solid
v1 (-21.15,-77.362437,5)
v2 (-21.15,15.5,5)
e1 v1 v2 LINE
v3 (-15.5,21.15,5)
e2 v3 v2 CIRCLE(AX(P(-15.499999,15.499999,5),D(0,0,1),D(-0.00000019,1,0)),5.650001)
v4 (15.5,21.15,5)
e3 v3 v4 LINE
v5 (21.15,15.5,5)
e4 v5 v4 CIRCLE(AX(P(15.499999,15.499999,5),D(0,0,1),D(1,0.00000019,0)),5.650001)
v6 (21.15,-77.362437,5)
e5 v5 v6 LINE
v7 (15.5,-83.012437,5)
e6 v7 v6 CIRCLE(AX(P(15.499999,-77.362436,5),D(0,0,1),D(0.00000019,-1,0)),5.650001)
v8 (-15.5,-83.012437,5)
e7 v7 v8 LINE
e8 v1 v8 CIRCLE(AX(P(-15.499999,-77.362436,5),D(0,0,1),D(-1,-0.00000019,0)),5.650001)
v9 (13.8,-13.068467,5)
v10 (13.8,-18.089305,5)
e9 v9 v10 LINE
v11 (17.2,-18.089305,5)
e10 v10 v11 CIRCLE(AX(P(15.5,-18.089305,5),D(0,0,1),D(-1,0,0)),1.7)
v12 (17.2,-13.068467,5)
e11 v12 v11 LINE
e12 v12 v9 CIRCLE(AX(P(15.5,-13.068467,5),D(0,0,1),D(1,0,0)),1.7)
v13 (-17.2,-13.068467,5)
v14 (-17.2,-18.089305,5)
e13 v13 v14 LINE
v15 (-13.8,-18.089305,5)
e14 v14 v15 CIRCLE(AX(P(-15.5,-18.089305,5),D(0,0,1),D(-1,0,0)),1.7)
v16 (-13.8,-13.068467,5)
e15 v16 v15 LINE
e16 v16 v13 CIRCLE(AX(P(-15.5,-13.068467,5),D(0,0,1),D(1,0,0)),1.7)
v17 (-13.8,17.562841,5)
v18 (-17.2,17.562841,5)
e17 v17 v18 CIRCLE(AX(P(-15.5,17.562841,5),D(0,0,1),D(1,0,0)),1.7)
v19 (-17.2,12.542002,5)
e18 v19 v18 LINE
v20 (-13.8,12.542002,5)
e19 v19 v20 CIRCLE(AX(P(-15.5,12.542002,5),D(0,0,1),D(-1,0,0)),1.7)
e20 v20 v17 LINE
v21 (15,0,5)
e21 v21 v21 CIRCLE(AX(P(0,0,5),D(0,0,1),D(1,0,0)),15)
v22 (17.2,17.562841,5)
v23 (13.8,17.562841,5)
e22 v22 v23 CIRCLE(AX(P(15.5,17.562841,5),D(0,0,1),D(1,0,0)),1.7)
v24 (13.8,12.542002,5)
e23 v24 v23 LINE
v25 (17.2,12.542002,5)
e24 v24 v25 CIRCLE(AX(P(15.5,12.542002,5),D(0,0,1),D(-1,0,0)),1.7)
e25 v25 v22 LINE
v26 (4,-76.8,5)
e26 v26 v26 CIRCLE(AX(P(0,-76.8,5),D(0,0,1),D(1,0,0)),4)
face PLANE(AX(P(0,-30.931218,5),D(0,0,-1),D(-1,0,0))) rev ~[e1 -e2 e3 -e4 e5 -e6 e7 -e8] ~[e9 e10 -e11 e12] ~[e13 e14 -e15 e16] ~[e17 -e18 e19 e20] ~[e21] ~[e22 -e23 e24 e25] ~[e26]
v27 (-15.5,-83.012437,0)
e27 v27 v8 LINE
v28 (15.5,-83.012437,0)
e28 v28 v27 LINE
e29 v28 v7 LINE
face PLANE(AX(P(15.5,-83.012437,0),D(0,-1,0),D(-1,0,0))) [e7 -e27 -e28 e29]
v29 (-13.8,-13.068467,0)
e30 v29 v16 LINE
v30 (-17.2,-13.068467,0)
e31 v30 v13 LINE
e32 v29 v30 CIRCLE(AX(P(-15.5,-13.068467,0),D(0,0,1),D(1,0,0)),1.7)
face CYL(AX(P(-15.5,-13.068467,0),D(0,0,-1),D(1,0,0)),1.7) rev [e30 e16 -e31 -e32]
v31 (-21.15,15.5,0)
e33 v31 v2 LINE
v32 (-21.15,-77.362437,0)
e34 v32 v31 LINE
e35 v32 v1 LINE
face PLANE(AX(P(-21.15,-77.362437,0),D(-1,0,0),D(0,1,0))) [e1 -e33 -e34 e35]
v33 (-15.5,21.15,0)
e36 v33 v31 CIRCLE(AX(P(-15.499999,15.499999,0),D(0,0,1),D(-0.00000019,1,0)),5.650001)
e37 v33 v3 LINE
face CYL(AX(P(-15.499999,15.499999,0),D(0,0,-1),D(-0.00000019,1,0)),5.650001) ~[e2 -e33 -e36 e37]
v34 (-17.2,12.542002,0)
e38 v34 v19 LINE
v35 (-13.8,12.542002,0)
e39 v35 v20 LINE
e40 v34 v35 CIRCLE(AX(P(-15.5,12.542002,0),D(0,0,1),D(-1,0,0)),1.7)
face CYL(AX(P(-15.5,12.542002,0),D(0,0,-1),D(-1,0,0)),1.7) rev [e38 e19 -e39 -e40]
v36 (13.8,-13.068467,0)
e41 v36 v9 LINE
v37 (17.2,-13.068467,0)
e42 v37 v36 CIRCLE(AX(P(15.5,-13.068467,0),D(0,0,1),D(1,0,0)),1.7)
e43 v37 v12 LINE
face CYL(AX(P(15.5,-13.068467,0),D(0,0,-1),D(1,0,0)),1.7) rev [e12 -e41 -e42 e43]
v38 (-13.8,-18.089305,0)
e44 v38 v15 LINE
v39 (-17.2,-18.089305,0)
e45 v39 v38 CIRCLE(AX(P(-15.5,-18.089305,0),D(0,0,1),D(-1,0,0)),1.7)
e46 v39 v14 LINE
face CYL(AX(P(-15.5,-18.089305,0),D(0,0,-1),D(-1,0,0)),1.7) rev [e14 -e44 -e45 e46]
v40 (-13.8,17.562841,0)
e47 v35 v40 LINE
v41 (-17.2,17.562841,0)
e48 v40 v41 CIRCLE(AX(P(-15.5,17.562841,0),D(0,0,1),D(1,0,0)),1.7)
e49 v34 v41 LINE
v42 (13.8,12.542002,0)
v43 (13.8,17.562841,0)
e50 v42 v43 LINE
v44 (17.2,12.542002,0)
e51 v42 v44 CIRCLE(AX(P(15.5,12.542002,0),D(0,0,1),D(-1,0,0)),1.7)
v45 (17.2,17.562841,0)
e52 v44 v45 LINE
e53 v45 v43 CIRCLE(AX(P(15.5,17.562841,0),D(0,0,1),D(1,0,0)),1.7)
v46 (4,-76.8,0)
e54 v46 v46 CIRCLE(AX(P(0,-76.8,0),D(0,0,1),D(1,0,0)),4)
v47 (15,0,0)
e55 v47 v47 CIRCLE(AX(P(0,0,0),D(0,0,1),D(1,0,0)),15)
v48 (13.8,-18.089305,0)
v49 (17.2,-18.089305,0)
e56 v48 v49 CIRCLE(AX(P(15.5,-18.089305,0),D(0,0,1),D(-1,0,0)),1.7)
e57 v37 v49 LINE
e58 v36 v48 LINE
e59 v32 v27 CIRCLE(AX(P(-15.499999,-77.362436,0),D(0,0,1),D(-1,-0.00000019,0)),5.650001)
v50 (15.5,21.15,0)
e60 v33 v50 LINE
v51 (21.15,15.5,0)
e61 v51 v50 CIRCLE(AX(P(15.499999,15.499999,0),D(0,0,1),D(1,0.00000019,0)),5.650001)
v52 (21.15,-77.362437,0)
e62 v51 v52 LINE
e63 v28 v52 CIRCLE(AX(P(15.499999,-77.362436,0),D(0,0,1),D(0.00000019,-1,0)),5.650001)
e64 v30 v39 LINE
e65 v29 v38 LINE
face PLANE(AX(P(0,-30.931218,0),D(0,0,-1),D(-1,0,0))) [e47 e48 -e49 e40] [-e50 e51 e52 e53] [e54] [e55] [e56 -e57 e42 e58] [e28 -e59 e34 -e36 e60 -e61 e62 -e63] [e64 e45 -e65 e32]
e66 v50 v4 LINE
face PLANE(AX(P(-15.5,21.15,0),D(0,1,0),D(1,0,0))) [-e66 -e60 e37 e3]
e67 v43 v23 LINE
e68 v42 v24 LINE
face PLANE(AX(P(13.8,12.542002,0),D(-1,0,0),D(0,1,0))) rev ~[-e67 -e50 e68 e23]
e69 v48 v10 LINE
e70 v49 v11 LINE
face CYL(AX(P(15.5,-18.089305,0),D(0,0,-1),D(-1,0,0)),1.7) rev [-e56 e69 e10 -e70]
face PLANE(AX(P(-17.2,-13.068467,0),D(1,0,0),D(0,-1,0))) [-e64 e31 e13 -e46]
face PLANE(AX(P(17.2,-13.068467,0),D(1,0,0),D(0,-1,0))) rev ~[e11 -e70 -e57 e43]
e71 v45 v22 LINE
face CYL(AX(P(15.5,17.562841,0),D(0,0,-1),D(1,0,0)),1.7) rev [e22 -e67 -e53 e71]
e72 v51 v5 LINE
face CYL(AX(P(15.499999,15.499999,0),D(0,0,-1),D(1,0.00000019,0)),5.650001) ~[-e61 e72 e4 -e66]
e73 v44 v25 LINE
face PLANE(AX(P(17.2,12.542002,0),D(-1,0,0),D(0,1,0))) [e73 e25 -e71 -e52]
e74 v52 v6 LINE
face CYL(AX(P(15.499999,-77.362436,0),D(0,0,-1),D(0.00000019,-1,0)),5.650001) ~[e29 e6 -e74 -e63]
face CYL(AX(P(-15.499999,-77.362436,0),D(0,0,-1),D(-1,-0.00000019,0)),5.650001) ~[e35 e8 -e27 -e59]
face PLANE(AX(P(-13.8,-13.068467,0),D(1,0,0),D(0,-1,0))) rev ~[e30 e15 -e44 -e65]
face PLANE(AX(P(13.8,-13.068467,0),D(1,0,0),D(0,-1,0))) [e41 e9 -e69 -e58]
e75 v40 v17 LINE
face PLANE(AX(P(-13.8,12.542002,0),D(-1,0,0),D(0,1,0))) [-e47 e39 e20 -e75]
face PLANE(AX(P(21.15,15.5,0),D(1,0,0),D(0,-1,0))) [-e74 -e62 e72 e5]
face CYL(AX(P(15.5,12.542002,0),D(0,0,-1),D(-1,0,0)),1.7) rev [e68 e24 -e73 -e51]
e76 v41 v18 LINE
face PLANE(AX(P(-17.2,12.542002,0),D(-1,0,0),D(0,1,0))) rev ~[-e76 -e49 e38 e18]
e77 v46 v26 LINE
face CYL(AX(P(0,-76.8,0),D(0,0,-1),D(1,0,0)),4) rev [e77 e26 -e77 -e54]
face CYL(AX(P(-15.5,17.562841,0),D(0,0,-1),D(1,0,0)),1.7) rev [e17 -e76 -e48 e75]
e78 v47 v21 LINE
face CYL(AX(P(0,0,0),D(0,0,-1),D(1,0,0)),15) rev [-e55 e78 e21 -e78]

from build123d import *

# Parameters (mm, degrees)
SKETCH_R   = 4
SKETCH_R_2 = 15
PAD_DEPTH  = 5


with BuildPart() as part:
    # Sketch → Pad (new body)
    with BuildSketch(Plane.XY):
        with BuildLine():
            Line((-15.5, 21.15), (15.5, 21.15))
            ThreePointArc((21.15, 15.5), (19.495153, 19.495153), (15.5, 21.15))
            Line((21.15, 15.5), (21.15, -77.362437))
            ThreePointArc((15.5, -83.012437), (19.495153, -81.35759), (21.15, -77.362437))
            Line((15.5, -83.012437), (-15.5, -83.012437))
            ThreePointArc((-21.15, -77.362437), (-19.495153, -81.35759), (-15.5, -83.012437))
            Line((-21.15, -77.362437), (-21.15, 15.5))
            ThreePointArc((-15.5, 21.15), (-19.495153, 19.495153), (-21.15, 15.5))
        make_face()
        with Locations((0, -76.8)):
            Circle(SKETCH_R, mode=Mode.SUBTRACT)
        Circle(SKETCH_R_2, mode=Mode.SUBTRACT)
        with BuildLine():
            ThreePointArc((-17.2, 12.542002), (-15.5, 10.842002), (-13.8, 12.542002))
            Line((-13.8, 12.542002), (-13.8, 17.562841))
            ThreePointArc((-13.8, 17.562841), (-15.5, 19.262841), (-17.2, 17.562841))
            Line((-17.2, 12.542002), (-17.2, 17.562841))
        make_face(mode=Mode.SUBTRACT)
        with BuildLine():
            ThreePointArc((13.8, 12.542002), (15.5, 10.842002), (17.2, 12.542002))
            Line((17.2, 12.542002), (17.2, 17.562841))
            ThreePointArc((17.2, 17.562841), (15.5, 19.262841), (13.8, 17.562841))
            Line((13.8, 12.542002), (13.8, 17.562841))
        make_face(mode=Mode.SUBTRACT)
        with BuildLine():
            ThreePointArc((-13.8, -13.068467), (-15.5, -11.368467), (-17.2, -13.068467))
            Line((-17.2, -13.068467), (-17.2, -18.089305))
            ThreePointArc((-17.2, -18.089305), (-15.5, -19.789305), (-13.8, -18.089305))
            Line((-13.8, -13.068467), (-13.8, -18.089305))
        make_face(mode=Mode.SUBTRACT)
        with BuildLine():
            ThreePointArc((17.2, -13.068467), (15.5, -11.368467), (13.8, -13.068467))
            Line((13.8, -13.068467), (13.8, -18.089305))
            ThreePointArc((13.8, -18.089305), (15.5, -19.789305), (17.2, -18.089305))
            Line((17.2, -13.068467), (17.2, -18.089305))
        make_face(mode=Mode.SUBTRACT)
    extrude(amount=PAD_DEPTH)


solid = part.part
